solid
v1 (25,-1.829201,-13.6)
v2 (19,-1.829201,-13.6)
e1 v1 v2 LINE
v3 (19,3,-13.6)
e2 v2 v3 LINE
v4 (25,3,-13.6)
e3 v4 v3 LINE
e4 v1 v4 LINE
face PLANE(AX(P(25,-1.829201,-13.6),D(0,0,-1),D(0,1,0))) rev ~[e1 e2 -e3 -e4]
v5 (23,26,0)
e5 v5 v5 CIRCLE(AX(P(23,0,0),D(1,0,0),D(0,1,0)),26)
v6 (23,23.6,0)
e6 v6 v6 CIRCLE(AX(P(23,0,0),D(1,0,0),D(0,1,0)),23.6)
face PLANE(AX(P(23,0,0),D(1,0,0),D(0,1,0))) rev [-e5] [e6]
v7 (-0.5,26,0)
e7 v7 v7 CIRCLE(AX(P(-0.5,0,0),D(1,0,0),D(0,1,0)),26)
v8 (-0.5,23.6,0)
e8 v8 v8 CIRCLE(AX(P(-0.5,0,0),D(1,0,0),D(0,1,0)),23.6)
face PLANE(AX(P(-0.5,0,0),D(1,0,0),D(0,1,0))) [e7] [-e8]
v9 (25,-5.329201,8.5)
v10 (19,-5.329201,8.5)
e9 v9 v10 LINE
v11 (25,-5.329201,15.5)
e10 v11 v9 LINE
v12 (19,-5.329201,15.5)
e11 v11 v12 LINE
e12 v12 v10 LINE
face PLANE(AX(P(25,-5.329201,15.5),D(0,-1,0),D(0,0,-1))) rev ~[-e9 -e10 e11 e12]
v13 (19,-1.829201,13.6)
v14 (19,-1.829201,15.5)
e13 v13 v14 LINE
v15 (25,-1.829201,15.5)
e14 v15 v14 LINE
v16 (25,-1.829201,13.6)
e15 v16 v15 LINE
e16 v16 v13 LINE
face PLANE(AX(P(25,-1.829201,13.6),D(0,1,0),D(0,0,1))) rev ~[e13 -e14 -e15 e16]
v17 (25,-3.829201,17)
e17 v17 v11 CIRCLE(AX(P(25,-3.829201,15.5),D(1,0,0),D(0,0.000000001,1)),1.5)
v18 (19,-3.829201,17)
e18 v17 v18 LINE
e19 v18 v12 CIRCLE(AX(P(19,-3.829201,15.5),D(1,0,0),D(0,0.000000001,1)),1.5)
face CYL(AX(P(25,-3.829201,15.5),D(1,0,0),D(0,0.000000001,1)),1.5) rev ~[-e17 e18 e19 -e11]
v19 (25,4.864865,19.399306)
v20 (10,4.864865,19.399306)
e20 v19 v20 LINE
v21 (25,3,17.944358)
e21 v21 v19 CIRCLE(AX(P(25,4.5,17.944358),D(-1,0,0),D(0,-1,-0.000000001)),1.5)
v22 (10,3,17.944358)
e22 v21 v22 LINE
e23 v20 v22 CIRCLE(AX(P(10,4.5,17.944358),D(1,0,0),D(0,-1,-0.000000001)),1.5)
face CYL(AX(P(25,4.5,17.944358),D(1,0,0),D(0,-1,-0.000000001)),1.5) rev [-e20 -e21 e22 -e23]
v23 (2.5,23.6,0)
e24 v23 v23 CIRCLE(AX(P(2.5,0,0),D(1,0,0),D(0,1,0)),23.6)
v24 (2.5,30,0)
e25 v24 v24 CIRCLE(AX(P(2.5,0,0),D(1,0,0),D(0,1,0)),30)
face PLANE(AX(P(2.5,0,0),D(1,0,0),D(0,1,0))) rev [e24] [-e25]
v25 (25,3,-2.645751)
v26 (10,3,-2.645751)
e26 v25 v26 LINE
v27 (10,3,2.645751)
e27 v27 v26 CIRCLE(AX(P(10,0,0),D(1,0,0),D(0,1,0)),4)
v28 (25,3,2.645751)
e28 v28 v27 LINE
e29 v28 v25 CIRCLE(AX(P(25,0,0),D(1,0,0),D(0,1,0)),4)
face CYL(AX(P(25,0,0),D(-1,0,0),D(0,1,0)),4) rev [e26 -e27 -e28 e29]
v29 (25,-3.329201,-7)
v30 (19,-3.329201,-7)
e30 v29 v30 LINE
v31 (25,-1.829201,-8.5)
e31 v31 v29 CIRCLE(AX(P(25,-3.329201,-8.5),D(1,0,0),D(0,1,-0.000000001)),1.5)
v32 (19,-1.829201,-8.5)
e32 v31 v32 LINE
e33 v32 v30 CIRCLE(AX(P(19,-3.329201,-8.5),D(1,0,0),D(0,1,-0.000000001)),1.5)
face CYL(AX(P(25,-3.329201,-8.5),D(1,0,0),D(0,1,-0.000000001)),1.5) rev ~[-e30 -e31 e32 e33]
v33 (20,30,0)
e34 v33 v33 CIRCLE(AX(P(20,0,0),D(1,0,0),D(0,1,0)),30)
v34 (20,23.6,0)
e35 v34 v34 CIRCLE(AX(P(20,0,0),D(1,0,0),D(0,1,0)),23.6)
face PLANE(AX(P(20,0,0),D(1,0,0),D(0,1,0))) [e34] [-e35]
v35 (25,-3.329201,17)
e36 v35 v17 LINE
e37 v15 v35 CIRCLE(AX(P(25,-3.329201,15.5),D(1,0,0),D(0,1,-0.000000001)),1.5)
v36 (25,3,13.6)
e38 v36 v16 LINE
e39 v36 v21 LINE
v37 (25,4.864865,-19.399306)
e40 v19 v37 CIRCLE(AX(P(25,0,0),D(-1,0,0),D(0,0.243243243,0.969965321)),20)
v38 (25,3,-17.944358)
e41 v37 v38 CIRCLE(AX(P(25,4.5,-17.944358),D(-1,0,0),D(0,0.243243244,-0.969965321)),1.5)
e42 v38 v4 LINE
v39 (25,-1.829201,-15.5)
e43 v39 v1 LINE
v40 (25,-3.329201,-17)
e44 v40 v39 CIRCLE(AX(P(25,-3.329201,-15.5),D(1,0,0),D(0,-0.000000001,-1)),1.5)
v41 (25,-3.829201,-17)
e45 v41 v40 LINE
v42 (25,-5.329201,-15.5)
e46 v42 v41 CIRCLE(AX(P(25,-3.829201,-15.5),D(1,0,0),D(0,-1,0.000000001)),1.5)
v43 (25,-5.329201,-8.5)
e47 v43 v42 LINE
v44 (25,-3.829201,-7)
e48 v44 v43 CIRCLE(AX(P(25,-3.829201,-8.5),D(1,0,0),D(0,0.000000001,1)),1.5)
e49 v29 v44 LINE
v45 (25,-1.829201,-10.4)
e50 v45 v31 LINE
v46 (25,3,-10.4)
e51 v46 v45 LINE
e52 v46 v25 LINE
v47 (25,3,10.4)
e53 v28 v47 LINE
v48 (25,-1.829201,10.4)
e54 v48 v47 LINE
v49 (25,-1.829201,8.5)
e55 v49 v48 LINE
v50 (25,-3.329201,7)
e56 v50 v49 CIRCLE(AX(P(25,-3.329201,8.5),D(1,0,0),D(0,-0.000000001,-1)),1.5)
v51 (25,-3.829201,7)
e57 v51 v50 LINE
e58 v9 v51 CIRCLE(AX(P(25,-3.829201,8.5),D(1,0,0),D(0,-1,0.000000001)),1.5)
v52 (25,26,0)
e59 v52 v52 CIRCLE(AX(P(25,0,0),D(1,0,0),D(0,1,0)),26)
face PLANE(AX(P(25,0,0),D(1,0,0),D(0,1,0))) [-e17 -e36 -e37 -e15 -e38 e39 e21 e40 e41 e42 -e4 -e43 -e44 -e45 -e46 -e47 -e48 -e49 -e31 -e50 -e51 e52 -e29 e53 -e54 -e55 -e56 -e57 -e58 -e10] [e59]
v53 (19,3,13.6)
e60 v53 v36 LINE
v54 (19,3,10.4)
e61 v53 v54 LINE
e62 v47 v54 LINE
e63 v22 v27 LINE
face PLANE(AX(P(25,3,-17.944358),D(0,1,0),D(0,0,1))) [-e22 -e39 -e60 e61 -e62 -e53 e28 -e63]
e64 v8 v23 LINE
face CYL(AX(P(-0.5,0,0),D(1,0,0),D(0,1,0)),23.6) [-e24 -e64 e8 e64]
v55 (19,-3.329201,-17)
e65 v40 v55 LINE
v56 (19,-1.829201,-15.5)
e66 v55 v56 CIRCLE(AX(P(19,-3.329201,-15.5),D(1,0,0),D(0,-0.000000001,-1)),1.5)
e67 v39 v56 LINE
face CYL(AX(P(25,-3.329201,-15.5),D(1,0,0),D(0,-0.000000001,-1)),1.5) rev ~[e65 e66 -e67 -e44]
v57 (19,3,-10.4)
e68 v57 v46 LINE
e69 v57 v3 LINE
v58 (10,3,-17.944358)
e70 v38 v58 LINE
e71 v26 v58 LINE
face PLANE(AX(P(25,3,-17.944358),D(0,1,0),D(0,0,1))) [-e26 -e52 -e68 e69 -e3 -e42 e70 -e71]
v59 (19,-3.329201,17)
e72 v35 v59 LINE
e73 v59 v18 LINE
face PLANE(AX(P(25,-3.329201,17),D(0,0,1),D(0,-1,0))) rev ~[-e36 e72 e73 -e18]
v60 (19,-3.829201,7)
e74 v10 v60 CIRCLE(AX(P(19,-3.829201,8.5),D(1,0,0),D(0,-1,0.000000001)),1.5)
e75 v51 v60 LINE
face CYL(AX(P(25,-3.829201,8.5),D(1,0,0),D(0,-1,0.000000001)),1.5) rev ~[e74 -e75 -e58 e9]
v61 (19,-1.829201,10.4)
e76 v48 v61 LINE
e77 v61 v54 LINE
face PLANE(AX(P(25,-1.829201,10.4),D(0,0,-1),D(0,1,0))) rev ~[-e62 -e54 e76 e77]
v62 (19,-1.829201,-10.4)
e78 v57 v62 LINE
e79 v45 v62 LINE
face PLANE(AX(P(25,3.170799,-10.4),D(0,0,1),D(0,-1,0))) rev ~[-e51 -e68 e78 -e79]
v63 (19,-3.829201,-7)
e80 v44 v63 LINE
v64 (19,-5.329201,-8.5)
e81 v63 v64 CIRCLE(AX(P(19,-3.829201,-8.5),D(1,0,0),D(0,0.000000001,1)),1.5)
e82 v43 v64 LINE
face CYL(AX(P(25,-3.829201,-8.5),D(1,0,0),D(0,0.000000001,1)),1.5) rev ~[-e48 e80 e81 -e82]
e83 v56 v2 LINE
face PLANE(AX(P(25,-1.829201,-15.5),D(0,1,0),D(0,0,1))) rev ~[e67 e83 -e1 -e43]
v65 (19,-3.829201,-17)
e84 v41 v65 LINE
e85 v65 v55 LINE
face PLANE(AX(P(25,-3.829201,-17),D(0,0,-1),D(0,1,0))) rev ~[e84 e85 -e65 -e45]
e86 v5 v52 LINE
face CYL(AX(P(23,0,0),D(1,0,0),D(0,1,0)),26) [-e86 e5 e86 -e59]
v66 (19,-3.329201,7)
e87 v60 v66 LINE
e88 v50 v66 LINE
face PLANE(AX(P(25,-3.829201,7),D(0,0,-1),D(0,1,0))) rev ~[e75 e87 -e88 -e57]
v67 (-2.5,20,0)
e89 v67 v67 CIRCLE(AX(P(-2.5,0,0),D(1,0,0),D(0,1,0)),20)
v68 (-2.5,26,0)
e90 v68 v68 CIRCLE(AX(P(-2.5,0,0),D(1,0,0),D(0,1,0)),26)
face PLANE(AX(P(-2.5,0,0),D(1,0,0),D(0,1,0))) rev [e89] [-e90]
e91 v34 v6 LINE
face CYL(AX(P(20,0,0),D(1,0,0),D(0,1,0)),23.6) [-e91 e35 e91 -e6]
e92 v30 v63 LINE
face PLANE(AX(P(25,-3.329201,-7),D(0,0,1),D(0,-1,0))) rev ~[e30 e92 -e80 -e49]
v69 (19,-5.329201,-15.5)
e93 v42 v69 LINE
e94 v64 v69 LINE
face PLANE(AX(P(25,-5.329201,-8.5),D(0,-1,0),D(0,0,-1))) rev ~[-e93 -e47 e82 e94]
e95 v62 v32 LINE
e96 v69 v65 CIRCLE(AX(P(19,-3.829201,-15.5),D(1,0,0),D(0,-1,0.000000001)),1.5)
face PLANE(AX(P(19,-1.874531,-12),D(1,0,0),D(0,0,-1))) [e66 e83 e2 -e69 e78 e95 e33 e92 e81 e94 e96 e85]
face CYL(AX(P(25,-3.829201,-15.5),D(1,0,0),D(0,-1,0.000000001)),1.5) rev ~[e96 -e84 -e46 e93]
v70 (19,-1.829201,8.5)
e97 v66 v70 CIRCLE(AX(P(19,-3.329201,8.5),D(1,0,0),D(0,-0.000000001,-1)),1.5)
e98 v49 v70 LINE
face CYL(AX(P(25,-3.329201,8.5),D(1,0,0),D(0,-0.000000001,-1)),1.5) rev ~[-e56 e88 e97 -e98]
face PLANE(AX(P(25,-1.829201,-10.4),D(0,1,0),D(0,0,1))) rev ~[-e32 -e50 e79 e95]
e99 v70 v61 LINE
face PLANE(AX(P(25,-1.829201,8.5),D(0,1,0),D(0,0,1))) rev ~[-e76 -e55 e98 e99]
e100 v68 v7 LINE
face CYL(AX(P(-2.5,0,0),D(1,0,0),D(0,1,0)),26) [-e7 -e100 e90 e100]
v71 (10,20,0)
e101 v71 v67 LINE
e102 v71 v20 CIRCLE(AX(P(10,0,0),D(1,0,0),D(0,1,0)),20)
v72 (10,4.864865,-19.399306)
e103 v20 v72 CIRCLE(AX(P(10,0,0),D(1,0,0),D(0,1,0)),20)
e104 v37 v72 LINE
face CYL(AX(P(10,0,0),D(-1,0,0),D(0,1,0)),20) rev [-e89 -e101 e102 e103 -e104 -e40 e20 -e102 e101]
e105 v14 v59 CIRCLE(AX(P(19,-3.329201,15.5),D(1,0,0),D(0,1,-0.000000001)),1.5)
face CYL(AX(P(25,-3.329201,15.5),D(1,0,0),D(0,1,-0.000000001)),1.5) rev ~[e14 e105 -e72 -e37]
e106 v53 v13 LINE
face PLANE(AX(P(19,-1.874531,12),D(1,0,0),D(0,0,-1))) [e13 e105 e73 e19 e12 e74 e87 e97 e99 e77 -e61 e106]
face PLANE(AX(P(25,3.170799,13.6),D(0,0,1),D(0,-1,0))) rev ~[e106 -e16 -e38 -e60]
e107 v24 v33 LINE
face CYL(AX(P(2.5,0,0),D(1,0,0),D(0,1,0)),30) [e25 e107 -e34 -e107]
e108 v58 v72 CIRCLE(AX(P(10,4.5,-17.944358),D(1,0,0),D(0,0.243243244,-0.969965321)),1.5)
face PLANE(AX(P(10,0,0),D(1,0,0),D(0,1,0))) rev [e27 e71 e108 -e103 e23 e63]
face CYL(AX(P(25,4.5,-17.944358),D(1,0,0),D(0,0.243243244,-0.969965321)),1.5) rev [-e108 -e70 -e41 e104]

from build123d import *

# Parameters (mm, degrees)
EXTRUSION1_DEPTH = 28.5
EXTRUSION2_DEPTH = 6


with BuildPart() as part:
    # Esquisse1 → Révolution1 (revolve)
    with BuildSketch(Plane.XY):
        Polygon((-2.5, 20), (-2.5, 26), (-0.5, 26), (-0.5, 23.6), (2.5, 23.6), (2.5, 30), (20, 30), (20, 23.6), (23, 23.6), (23, 26), (25, 26), (25, 4), (10, 4), (10, 20), align=None)
    revolve(axis=Axis((10, 0, 0), (1, 0, 0)))

    # Esquisse2 → Extrusion1 (cut, through all)
    with BuildSketch(Plane(origin=(25, 0, 0), x_dir=(0, 0, -1), z_dir=(1, 0, 0))):
        with BuildLine():
            Line((17.944358445, 3), (-17.944358445, 3))
            ThreePointArc((-17.944358445, 3), (-19.127003214, 3.577312972), (-19.399306427, 4.864864865))
            ThreePointArc((-19.399306427, 4.864864865), (0, 20), (19.399306427, 4.864864865))
            ThreePointArc((19.399306427, 4.864864865), (19.127003214, 3.577312972), (17.944358445, 3))
        make_face()
    extrude(amount=-EXTRUSION1_DEPTH, mode=Mode.SUBTRACT)

    # Esquisse3 → Extrusion2 (cut)
    with BuildSketch(Plane(origin=(25, 0, 0), x_dir=(0, 0, -1), z_dir=(1, 0, 0))):
        with BuildLine():
            Line((-10.4, -1.829201479), (-10.4, 3.170798521))
            Line((-10.4, 3.170798521), (-13.6, 3.170798521))
            Line((-13.6, 3.170798521), (-13.6, -1.829201479))
            Line((-13.6, -1.829201479), (-15.5, -1.829201479))
            ThreePointArc((-15.5, -1.829201479), (-16.560660172, -2.268541307), (-17, -3.329201479))
            Line((-17, -3.329201479), (-17, -3.829201479))
            ThreePointArc((-17, -3.829201479), (-16.560660172, -4.889861651), (-15.5, -5.329201479))
            Line((-15.5, -5.329201479), (-8.5, -5.329201479))
            ThreePointArc((-8.5, -5.329201479), (-7.439339828, -4.889861651), (-7, -3.829201479))
            Line((-7, -3.829201479), (-7, -3.329201479))
            ThreePointArc((-7, -3.329201479), (-7.439339828, -2.268541307), (-8.5, -1.829201479))
            Line((-8.5, -1.829201479), (-10.4, -1.829201479))
        make_face()
        with BuildLine():
            Line((7, -3.329201479), (7, -3.829201479))
            ThreePointArc((7, -3.829201479), (7.439339828, -4.889861651), (8.5, -5.329201479))
            Line((8.5, -5.329201479), (15.5, -5.329201479))
            ThreePointArc((15.5, -5.329201479), (16.560660172, -4.889861651), (17, -3.829201479))
            Line((17, -3.829201479), (17, -3.329201479))
            ThreePointArc((17, -3.329201479), (16.560660172, -2.268541307), (15.5, -1.829201479))
            Line((15.5, -1.829201479), (13.6, -1.829201479))
            Line((13.6, -1.829201479), (13.6, 3.170798521))
            Line((13.6, 3.170798521), (10.4, 3.170798521))
            Line((10.4, 3.170798521), (10.4, -1.829201479))
            Line((10.4, -1.829201479), (8.5, -1.829201479))
            ThreePointArc((8.5, -1.829201479), (7.439339828, -2.268541307), (7, -3.329201479))
        make_face()
    extrude(amount=-EXTRUSION2_DEPTH, mode=Mode.SUBTRACT)


solid = part.part
